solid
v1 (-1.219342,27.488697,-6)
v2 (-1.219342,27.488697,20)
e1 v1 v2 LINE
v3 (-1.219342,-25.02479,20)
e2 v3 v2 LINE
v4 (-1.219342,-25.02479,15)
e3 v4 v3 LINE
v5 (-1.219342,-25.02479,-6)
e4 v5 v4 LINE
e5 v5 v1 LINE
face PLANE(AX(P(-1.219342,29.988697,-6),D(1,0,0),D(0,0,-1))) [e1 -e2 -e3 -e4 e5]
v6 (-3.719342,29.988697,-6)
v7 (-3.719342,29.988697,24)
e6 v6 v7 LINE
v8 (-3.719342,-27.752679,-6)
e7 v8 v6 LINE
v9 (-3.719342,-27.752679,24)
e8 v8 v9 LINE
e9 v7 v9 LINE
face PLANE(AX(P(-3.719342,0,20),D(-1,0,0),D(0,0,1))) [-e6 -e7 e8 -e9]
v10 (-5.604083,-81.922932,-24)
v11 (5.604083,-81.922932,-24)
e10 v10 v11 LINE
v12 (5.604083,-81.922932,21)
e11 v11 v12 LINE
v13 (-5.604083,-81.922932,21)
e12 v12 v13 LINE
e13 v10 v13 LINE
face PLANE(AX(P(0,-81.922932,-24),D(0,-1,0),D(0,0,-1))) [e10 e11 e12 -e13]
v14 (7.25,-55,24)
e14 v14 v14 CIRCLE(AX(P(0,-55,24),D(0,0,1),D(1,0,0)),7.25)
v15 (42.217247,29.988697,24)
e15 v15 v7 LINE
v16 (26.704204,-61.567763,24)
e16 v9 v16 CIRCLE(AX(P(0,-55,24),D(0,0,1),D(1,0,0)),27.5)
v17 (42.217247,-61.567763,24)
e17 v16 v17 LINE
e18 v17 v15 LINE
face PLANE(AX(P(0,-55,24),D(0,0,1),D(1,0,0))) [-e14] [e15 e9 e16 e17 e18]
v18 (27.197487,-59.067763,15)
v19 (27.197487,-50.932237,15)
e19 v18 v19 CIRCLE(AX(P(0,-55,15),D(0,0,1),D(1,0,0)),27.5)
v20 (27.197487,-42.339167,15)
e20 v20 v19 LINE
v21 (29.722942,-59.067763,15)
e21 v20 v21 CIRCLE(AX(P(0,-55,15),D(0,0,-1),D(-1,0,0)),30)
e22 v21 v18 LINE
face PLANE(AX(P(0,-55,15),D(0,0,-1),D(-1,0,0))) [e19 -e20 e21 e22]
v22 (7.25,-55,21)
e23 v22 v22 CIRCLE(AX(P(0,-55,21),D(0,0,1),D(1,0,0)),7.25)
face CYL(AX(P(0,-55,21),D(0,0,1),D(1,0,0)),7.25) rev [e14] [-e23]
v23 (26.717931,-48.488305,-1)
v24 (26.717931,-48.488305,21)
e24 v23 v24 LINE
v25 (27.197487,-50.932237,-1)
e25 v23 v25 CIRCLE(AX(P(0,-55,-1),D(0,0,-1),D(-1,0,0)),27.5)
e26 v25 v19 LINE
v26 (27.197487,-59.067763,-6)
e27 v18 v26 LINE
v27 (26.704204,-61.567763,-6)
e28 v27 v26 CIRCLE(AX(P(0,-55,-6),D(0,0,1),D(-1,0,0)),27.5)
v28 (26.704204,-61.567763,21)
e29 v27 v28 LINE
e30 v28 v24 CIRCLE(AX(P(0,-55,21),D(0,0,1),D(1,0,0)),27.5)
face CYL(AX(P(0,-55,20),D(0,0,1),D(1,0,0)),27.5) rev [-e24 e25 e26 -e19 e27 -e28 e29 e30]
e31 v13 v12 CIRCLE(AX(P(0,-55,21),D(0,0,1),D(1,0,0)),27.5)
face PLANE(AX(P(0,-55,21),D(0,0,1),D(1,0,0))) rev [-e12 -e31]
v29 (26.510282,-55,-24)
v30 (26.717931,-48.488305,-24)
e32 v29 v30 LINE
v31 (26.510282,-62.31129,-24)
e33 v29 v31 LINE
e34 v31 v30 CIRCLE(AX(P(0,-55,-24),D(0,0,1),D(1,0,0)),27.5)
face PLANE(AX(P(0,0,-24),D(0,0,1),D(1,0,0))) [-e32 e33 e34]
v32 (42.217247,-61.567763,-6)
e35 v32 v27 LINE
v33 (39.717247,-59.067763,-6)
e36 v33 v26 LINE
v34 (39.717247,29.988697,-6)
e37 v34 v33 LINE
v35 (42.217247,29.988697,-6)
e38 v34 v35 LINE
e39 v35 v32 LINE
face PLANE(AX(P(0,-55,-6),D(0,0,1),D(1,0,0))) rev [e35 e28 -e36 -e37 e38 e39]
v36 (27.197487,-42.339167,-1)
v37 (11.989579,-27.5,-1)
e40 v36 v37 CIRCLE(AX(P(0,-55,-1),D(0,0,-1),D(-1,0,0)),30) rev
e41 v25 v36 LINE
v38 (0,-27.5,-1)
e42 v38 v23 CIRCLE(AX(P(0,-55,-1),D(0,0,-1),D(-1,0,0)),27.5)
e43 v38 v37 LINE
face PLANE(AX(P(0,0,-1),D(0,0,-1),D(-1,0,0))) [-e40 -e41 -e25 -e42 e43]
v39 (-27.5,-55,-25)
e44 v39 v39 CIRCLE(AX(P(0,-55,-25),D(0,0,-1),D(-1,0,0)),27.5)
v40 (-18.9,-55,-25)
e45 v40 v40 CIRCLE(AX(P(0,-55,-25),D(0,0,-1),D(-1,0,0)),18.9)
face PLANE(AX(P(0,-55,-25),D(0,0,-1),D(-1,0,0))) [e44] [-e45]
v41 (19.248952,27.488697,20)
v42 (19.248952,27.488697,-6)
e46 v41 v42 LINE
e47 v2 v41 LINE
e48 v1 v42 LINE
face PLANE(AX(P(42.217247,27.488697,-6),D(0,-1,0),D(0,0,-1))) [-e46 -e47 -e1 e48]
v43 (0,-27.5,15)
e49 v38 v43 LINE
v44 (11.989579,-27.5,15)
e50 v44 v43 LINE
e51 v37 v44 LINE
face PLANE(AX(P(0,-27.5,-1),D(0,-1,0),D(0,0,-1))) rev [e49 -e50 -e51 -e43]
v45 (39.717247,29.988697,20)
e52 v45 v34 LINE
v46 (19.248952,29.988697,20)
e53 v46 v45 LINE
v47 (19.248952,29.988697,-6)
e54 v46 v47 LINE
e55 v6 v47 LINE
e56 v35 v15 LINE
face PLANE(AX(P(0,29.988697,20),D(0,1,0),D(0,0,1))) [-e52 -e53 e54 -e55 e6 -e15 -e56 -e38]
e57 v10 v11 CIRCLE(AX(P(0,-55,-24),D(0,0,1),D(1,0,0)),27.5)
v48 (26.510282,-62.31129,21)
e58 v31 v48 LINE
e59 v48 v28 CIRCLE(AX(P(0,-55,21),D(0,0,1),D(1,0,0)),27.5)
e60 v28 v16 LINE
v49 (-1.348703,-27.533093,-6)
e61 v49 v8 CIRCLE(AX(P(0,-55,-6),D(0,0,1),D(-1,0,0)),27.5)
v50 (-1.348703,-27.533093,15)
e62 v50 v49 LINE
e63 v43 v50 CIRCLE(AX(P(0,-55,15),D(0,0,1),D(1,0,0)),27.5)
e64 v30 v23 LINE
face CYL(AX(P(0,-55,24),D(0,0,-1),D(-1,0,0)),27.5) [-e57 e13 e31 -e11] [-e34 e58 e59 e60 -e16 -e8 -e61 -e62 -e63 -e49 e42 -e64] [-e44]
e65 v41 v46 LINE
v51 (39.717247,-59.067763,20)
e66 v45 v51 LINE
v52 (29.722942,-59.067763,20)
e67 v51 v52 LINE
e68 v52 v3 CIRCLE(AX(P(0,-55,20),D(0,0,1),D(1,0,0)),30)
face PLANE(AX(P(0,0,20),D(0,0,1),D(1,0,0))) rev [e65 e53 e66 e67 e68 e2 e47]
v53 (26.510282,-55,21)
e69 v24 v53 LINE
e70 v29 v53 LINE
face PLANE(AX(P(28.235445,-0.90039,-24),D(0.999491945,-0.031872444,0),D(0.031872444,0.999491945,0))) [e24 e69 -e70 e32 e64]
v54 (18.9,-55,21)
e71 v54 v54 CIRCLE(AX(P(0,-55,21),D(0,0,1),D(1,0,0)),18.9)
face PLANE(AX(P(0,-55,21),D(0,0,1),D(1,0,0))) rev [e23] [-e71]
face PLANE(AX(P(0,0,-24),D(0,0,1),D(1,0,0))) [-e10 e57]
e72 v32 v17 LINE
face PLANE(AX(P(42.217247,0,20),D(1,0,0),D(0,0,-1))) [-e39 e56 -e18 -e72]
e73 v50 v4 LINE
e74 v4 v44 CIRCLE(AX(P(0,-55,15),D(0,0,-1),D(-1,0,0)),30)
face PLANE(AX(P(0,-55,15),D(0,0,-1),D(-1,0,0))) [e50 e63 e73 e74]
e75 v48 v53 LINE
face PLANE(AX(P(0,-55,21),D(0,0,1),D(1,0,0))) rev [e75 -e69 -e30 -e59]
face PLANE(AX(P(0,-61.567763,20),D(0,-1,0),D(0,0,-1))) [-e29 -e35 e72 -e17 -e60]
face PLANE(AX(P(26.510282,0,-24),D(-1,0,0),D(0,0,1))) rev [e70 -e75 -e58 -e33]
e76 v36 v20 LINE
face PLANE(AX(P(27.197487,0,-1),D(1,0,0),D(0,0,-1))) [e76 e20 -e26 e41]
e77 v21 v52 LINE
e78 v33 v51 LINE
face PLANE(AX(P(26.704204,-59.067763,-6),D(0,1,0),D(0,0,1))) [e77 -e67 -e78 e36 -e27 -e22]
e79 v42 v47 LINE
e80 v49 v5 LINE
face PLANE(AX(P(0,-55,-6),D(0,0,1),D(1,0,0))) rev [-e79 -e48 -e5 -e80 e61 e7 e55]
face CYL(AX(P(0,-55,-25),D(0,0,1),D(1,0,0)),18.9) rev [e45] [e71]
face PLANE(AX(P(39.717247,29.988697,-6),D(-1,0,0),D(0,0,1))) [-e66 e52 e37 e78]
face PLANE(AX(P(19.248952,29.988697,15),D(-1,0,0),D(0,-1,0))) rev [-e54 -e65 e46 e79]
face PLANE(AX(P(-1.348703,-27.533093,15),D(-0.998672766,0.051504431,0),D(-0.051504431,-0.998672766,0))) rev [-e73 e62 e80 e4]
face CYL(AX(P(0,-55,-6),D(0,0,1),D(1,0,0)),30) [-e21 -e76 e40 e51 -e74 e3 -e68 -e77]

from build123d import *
from build123d.topology import SkipClean

# Parameters (mm, degrees)
BOSS_EXTRUDE1_DEPTH     = 24
CUT_EXTRUDE1_DEPTH      = 91.21363533302491
CUT_EXTRUDE1_DEPTH_BACK = 91.21363533302491
SKETCH2_4_R             = 16.25
CUT_EXTRUDE2_DEPTH      = 3
CUT_EXTRUDE2_DEPTH_BACK = 48
SKETCH2_5_R             = 19.5
SKETCH2_5_R_2           = 16.25
CUT_EXTRUDE3_DEPTH      = 48
CUT_EXTRUDE3_DEPTH_BACK = 16
SKETCH3_W               = 8.5
SKETCH3_H               = 14.200000000000006
CUT_EXTRUDE4_DEPTH      = 40
SKETCH7_R               = 27.499999999999996
SKETCH7_R_2             = 18.9
BOSS_EXTRUDE2_DEPTH     = 1
SKETCH8_W               = 181.3602376825947
SKETCH8_H               = 155.21218123297842
CUT_EXTRUDE5_DEPTH      = 48
BOSS_EXTRUDE3_START     = 48
SKETCH9_R               = 27.499999999999996
SKETCH9_R_2             = 18.9
BOSS_EXTRUDE3_DEPTH     = 48
CUT_EXTRUDE6_DEPTH      = 48
BOSS_EXTRUDE4_DEPTH     = 4
EXTRUDE_THIN2_DEPTH     = 30
CUT_EXTRUDE8_START      = -21
CUT_EXTRUDE8_DEPTH      = 21
BOSS_EXTRUDE5_DEPTH     = 21
CUT_EXTRUDE9_DEPTH      = 21
CUT_EXTRUDE10_DEPTH     = 5
SKETCH21_R              = 27.499999999999996
SKETCH21_R_2            = 7.25
BOSS_EXTRUDE6_DEPTH     = 3


with BuildPart() as part:
    # Sketch2 → Boss-Extrude1 (new, symmetric)
    with BuildSketch(Plane.XY):
        with BuildLine():
            ThreePointArc((-24.69493875270801, -42.900000000000006), (1.68e-15, -82.5), (24.694938752708016, -42.9))
            ThreePointArc((24.694938752708016, -42.9), (21.124860801609124, -27.49999999999999), (24.694938752708012, -12.099999999999996))
            ThreePointArc((24.694938752708012, -12.099999999999996), (3.42e-15, 27.499999999999996), (-24.694938752708012, -12.100000000000001))
            ThreePointArc((-24.694938752708012, -12.100000000000001), (-21.124860801609117, -27.500000000000004), (-24.69493875270801, -42.900000000000006))
        make_face()
    extrude(amount=BOSS_EXTRUDE1_DEPTH, both=True)

    # Sketch2<4> → Cut-Extrude1 (cut, two sides: drawn at the far end of the back side and taken through both)
    with BuildSketch(Plane.XY.offset(-CUT_EXTRUDE1_DEPTH_BACK)):
        with Locations((6.74e-15, -55)):
            Circle(SKETCH2_4_R)
    extrude(amount=CUT_EXTRUDE1_DEPTH + CUT_EXTRUDE1_DEPTH_BACK, mode=Mode.SUBTRACT)

    # Sketch2<5> → Cut-Extrude2 (cut, two sides: drawn at the far end of the back side and taken through both)
    with BuildSketch(Plane.XY.offset(-CUT_EXTRUDE2_DEPTH_BACK)):
        with Locations((6.74e-15, -55)):
            Circle(SKETCH2_5_R)
        with Locations((6.74e-15, -55)):
            Circle(SKETCH2_5_R_2, mode=Mode.SUBTRACT)
    extrude(amount=CUT_EXTRUDE2_DEPTH + CUT_EXTRUDE2_DEPTH_BACK, mode=Mode.SUBTRACT)

    # Sketch2<6> → Cut-Extrude3 (cut, two sides: drawn at the far end of the back side and taken through both)
    with BuildSketch(Plane.XY.offset(-CUT_EXTRUDE3_DEPTH_BACK)):
        Polygon((10.399999999999997, 20.400000000000002), (-10.400000000000002, 20.400000000000002), (-10.399999999999999, -20.399999999999995), (10.400000000000002, -20.399999999999995), align=None)
    extrude(amount=CUT_EXTRUDE3_DEPTH + CUT_EXTRUDE3_DEPTH_BACK, mode=Mode.SUBTRACT)

    # Sketch3 → Cut-Extrude4 (cut)
    with BuildSketch(Plane.XY.offset(24)):
        with Locations((0, 27.500000000000007)):
            Rectangle(SKETCH3_W, SKETCH3_H)
    extrude(amount=-CUT_EXTRUDE4_DEPTH, mode=Mode.SUBTRACT)

    # Sketch7 → Boss-Extrude2 (add)
    with BuildSketch(Plane(origin=(0, 0, -24), x_dir=(-1, 0, 0), z_dir=(0, 0, -1))):
        with Locations((-6.74e-15, -55)):
            Circle(SKETCH7_R)
        with Locations((-6.74e-15, -55)):
            Circle(SKETCH7_R_2, mode=Mode.SUBTRACT)
    extrude(amount=BOSS_EXTRUDE2_DEPTH)

    # Sketch8 → Cut-Extrude5 (cut)
    with BuildSketch(Plane.XY.offset(24)):
        with Locations((-25.06580059332441, -26.494305521168478)):
            Rectangle(SKETCH8_W, SKETCH8_H)
    extrude(amount=-CUT_EXTRUDE5_DEPTH, mode=Mode.SUBTRACT)

    # Sketch9 → Boss-Extrude3 (add)
    with SkipClean():  # the faces are left unmerged after this step: merging them gives an invalid solid
        with BuildSketch(Plane.XY.offset(-24).offset(BOSS_EXTRUDE3_START)):
            with Locations(Location((6.74e-15, -55, 0), (0, 0, 180))):
                Circle(SKETCH9_R)
            with Locations((6.74e-15, -55)):
                Circle(SKETCH9_R_2, mode=Mode.SUBTRACT)
        extrude(amount=-BOSS_EXTRUDE3_DEPTH)

    # Sketch10 → Cut-Extrude6 (cut)
    with SkipClean():  # the faces are left unmerged after this step: merging them gives an invalid solid
        with BuildSketch(Plane.XY.offset(24)):
            with BuildLine():
                Line((26.717930940571712, -48.48830542371335), (26.510281823927063, -55))
                Line((26.510281823927063, -55), (26.510281823927063, -62.311289736835946))
                ThreePointArc((26.51028182392707, -62.311289736835946), (27.25144721072622, -58.68898697761363), (27.500000000000014, -55))
                ThreePointArc((27.500000000000014, -55), (27.30378271289276, -51.72075472598662), (26.717930940571723, -48.48830542371334))
            make_face()
            with BuildLine():
                ThreePointArc((-5.604082705298323, -81.92293180603063), (6e-15, -82.5), (5.604082705298339, -81.92293180603063))
                Line((5.604082705298337, -81.92293180603063), (6.74e-15, -81.92293180603063))
                Line((7.11e-15, -81.92293180603063), (-5.604082705298323, -81.92293180603063))
            make_face()
        extrude(amount=-CUT_EXTRUDE6_DEPTH, mode=Mode.SUBTRACT)

    # Sketch11 → Boss-Extrude4 (add)
    with SkipClean():  # the faces are left unmerged after this step: merging them gives an invalid solid
        with BuildSketch(Plane.XY.offset(24)):
            with BuildLine():
                ThreePointArc((27.500000000000025, -55.00000000000003), (27.300326018506244, -58.3078995273848), (26.7042036884893, -61.56776258429582))
                Line((26.70420368848926, -61.56776258429563), (42.21724684134985, -61.56776258429563))
                Line((42.21724684134985, -61.56776258429563), (42.21724684134985, 29.98869686217629))
                Line((42.21724684134985, 29.988696862176287), (-3.7193423220770256, 29.988696862176287))
                Line((-3.719342322077025, 29.988696862176287), (-3.719342322077025, -27.7526791648939))
                ThreePointArc((-3.719342322077028, -27.7526791648939), (15.483065545848751, -32.27282064789051), (26.717930940571723, -48.488305423713314))
                ThreePointArc((26.717930940571723, -48.488305423713314), (27.303782712892772, -51.72075472598662), (27.500000000000025, -55.00000000000002))
            make_face()
        extrude(amount=-BOSS_EXTRUDE4_DEPTH)

    # Sketch16 → Extrude-Thin2 (add)
    with SkipClean():  # the faces are left unmerged after this step: merging them gives an invalid solid
        with BuildSketch(Plane(origin=(0, 0, 24), x_dir=(-1, 0, 0), z_dir=(0, 0, -1))):
            with BuildLine():
                Line((-26.704203688489347, -61.56776258429563), (-42.21724684134985, -61.56776258429563))
                Line((-42.21724684134985, -61.56776258429563), (-42.21724684134985, 29.988696862176287))
                Line((-42.21724684134985, 29.988696862176287), (3.719342322077025, 29.988696862176287))
                Line((3.719342322077025, 29.988696862176287), (3.719342322077025, -27.75267916489391))
                ThreePointArc((3.719342322077025, -27.75267916489391), (-20.443603637167037, -36.60682000505511), (-26.704203688489347, -61.56776258429563))
            make_face()
            with BuildLine():
                Line((-29.722942444479006, -59.06776258429563), (-39.71724684134985, -59.06776258429563))
                Line((-39.71724684134985, -59.06776258429563), (-39.71724684134985, 27.48869686217629))
                Line((-39.71724684134985, 27.48869686217629), (1.2193423220770256, 27.488696862176287))
                Line((1.2193423220770256, 27.488696862176287), (1.2193423220770252, -25.02479017084956))
                ThreePointArc((1.2193423220770252, -25.02479017084956), (-22.200108055370485, -34.82191281786335), (-29.722942444479006, -59.06776258429563))
            make_face(mode=Mode.SUBTRACT)
        extrude(amount=EXTRUDE_THIN2_DEPTH)

    # Sketch17 → Cut-Extrude8 (cut)
    with BuildSketch(Plane(origin=(0, 0, -5.999999999999998), x_dir=(-1, 0, 0), z_dir=(0, 0, -1)).offset(CUT_EXTRUDE8_START)):
        with BuildLine():
            Line((1.3487027041970006, -27.53309262010562), (1.2193423220770252, -25.02479017084956))
            ThreePointArc((1.2193423220770252, -25.02479017084956), (-22.20010805537015, -34.82191281786366), (-29.72294244447902, -59.06776258429561))
            Line((-29.72294244447902, -59.06776258429561), (-27.19748715520997, -59.06776258429561))
            ThreePointArc((-27.19748715520997, -59.06776258429561), (-20.38746592483553, -36.54461506324843), (1.3487027041970006, -27.53309262010562))
        make_face()
    extrude(amount=CUT_EXTRUDE8_DEPTH, mode=Mode.SUBTRACT)

    # Sketch18 → Boss-Extrude5 (add)
    with BuildSketch(Plane(origin=(0, 0, 20), x_dir=(-1, 0, 0), z_dir=(0, 0, -1))):
        with BuildLine():
            ThreePointArc((-27.19748715520984, -50.93223741570337), (-17.949742740939968, -34.16597169210712), (-1.0275e-13, -27.499999999999904))
            Line((-1.0275e-13, -27.499999999999908), (-11.98957880828152, -27.499999999999908))
            ThreePointArc((-11.98957880828161, -27.49999999999943), (-20.951294804022364, -33.528082385707165), (-27.197487155209934, -42.33916699256241))
            Line((-27.197487155209956, -42.339166992562404), (-27.197487155209956, -50.93223741570336))
        make_face()
    extrude(amount=BOSS_EXTRUDE5_DEPTH)

    # Sketch19 → Cut-Extrude9 (cut)
    with BuildSketch(Plane(origin=(0, 0, -5.999999999999998), x_dir=(-1, 0, 0), z_dir=(0, 0, -1))):
        Polygon((-39.71724684134985, 27.48869686217629), (-39.71724684134984, 29.988696862176287), (-19.248952259636408, 29.988696862176287), (-19.24895225963641, 27.48869686217629), align=None)
    extrude(amount=-CUT_EXTRUDE9_DEPTH, mode=Mode.SUBTRACT)

    # Sketch20 → Cut-Extrude10 (cut)
    with BuildSketch(Plane(origin=(0, 0, 15.000000000000004), x_dir=(-1, 0, 0), z_dir=(0, 0, -1))):
        Polygon((-19.248952259636408, 29.988696862176287), (-39.71724684134984, 29.988696862176287), (-39.71724684134984, 27.48869686217629), (-19.24895225963641, 27.48869686217629), align=None)
    extrude(amount=-CUT_EXTRUDE10_DEPTH, mode=Mode.SUBTRACT)

    # Sketch21 → Boss-Extrude6 (add)
    with BuildSketch(Plane.XY.offset(24)):
        with Locations(Location((6.74e-15, -55, 0), (0, 0, 180))):
            Circle(SKETCH21_R)
        with Locations((6.74e-15, -55)):
            Circle(SKETCH21_R_2, mode=Mode.SUBTRACT)
    extrude(amount=-BOSS_EXTRUDE6_DEPTH)


solid = part.part
